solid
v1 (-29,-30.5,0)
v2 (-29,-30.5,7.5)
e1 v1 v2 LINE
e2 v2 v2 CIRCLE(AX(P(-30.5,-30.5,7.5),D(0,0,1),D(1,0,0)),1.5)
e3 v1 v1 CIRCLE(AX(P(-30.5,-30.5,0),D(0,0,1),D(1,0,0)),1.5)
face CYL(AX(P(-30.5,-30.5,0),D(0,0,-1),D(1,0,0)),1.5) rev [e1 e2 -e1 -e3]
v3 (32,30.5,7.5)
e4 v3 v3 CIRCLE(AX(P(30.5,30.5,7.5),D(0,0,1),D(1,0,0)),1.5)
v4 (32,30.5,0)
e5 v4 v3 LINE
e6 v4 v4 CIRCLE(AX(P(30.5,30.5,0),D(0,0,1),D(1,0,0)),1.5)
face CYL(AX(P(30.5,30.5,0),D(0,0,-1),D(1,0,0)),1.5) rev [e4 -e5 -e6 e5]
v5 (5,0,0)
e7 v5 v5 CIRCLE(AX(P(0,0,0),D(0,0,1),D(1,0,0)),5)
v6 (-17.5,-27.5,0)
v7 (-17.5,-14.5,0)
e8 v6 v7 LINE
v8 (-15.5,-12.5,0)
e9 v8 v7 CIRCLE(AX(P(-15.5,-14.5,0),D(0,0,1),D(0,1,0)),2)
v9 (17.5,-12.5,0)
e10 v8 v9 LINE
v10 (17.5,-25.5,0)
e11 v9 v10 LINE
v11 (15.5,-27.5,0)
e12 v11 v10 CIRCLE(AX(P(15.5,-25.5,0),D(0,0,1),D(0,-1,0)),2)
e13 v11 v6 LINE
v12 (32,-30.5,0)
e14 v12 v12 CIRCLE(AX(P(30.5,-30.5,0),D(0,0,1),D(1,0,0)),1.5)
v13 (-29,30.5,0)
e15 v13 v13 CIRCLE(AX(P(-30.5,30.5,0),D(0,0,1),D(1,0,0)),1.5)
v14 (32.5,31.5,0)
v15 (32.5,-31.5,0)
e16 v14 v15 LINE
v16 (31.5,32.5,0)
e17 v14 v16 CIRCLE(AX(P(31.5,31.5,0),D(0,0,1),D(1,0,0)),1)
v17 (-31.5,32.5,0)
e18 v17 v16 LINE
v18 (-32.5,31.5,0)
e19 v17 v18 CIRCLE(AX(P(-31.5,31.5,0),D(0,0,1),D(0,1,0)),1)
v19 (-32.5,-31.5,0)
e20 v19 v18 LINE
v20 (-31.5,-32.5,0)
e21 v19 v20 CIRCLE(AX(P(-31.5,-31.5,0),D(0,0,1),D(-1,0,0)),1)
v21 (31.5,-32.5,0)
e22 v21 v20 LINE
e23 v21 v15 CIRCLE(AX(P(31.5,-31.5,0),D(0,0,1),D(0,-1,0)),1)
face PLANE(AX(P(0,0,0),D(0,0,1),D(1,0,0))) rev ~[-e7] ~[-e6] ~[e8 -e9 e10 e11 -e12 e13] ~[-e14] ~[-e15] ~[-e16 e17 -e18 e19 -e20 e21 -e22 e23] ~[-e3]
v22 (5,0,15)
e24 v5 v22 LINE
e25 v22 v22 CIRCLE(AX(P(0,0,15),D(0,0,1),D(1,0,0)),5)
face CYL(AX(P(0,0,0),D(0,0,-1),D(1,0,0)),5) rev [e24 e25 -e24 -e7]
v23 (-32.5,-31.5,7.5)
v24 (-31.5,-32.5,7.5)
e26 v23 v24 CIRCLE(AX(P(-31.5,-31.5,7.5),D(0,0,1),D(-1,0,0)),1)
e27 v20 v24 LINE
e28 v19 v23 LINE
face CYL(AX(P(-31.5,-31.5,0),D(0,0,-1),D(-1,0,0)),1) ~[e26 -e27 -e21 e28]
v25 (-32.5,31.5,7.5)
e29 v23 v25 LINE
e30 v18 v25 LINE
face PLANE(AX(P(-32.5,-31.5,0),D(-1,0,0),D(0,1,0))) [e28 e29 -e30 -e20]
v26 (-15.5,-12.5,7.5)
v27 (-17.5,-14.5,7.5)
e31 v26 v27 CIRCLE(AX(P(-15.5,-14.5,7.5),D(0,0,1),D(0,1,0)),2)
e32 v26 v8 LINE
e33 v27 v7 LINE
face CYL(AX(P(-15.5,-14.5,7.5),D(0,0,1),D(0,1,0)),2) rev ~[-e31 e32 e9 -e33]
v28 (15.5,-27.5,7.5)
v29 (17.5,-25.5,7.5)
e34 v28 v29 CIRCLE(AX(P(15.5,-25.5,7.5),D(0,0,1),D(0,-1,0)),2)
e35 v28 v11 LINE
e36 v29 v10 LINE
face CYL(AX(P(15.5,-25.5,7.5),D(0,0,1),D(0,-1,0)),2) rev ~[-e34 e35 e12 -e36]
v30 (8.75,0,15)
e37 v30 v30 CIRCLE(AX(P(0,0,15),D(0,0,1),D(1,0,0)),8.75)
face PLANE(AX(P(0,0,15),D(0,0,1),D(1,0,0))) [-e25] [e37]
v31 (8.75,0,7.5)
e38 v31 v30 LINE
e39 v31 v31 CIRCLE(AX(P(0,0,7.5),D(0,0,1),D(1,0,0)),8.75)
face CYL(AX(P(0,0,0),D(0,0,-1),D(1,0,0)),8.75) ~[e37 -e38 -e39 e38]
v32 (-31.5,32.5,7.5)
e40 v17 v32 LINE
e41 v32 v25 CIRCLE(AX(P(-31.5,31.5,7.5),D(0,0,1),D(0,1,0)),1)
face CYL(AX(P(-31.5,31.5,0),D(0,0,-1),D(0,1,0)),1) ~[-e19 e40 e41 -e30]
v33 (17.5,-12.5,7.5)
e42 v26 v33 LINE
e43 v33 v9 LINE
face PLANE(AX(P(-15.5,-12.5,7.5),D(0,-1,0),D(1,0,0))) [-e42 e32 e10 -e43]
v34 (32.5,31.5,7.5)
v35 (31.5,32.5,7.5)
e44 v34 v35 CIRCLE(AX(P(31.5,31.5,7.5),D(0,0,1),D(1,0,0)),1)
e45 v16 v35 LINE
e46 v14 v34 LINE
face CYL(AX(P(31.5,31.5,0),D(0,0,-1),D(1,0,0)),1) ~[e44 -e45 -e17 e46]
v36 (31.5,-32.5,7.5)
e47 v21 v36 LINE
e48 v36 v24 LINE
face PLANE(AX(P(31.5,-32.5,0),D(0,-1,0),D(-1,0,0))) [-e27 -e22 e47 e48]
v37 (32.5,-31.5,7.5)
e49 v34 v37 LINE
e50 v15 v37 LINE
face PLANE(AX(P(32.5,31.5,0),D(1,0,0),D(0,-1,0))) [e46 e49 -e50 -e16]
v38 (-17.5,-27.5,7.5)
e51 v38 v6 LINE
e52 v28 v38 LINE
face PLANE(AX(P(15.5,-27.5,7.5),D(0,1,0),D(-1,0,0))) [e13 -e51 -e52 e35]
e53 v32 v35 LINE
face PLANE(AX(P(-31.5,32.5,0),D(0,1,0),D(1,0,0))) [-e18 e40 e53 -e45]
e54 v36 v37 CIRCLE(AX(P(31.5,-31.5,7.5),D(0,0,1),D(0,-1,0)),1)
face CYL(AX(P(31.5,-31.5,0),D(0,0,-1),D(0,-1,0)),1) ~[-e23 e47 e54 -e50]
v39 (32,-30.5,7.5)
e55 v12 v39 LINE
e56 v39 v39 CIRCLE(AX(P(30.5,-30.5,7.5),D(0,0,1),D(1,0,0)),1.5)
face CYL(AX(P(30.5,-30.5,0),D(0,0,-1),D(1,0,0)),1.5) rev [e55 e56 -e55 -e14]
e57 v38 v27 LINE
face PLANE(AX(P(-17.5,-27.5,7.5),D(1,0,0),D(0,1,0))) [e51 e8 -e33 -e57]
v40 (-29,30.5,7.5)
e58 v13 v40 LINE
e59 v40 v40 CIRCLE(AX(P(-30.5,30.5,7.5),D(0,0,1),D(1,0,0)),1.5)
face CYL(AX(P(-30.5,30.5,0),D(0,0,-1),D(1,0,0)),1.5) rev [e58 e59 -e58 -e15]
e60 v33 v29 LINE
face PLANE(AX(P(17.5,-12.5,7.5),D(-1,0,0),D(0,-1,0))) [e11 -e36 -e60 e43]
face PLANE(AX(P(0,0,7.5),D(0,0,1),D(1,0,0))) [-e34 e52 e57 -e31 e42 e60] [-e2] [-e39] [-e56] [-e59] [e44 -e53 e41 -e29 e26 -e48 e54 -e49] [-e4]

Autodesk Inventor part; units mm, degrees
ref_plane "YZ Plane" through (0, 0, 0) normal (1, 0, 0) x (0, 1, 0)
ref_plane "XZ Plane" through (0, 0, 0) normal (0, 1, 0) x (-1, 0, 0)
ref_plane "XY Plane" through (0, 0, 0) normal (0, 0, 1) x (1, 0, 0)
sketch "Sketch1" plane through (0, 0, 0) normal (0, 0, 1) x (1, 0, 0)
  line L0 (-30.5, -30.5) -> (30.5, -30.5) construction
  line L1 (30.5, -30.5) -> (30.5, 30.5) construction
  line L2 (30.5, 30.5) -> (-30.5, 30.5) construction
  line L3 (-30.5, 30.5) -> (-30.5, -30.5) construction
  line L4 (-30.5, -30.5) -> (30.5, 30.5) construction
  line L5 (30.5, -30.5) -> (-30.5, 30.5) construction
  circle A0 centre (0, 0) radius 5
  circle A1 centre (-30.5, 30.5) radius 1.5
  circle A2 centre (30.5, 30.5) radius 1.5
  circle A3 centre (-30.5, -30.5) radius 1.5
  circle A4 centre (30.5, -30.5) radius 1.5
  line L6 (31.5, -32.5) -> (-31.5, -32.5)
  line L7 (-32.5, -31.5) -> (-32.5, 31.5)
  line L8 (-31.5, 32.5) -> (31.5, 32.5)
  line L9 (32.5, 31.5) -> (32.5, -31.5)
  line L10 (32.5, -32.5) -> (-32.5, 32.5) construction
  line L11 (-32.5, -32.5) -> (32.5, 32.5) construction
  arc A5 (-31.5, 32.5) -> (-32.5, 31.5) centre (-31.5, 31.5) ccw
  arc A6 (32.5, 31.5) -> (31.5, 32.5) centre (31.5, 31.5) ccw
  arc A7 (31.5, -32.5) -> (32.5, -31.5) centre (31.5, -31.5) ccw
  arc A8 (-32.5, -31.5) -> (-31.5, -32.5) centre (-31.5, -31.5) ccw
  circle A9 centre (0, 0) radius 8.75
  dimension "d0" = 61
  dimension "d1" = 61
  dimension "d2" = 10
  dimension "d3" = 3
  dimension "d4" = 3
  dimension "d5" = 3
  dimension "d6" = 3
  dimension "d7" = 0
  dimension "d8" = 61
  dimension "d9" = 65
  dimension "d10" = 65
  dimension "d11" = 1
  dimension "d12" = 17.5
extrude "Extrusion1" add sketch "Sketch1" along normal blind 7.5 contours L6 A8 L7 A5 L8 A6 L9 A7
extrude "Extrusion2" add sketch "Sketch1" along normal blind 15 contours A9
sketch "Sketch2" plane through (0, 0, 7.5) normal (0, 0, 1) x (1, 0, 0)
  line L0 (-15.5, -12.5) -> (17.5, -12.5)
  line L1 (17.5, -12.5) -> (17.5, -25.5)
  line L2 (15.5, -27.5) -> (-17.5, -27.5)
  line L3 (-17.5, -27.5) -> (-17.5, -14.5)
  line L4 (-32.5, 31.5) -> (-32.5, -31.5) projected
  line L5 (32.5, -31.5) -> (32.5, 31.5) projected
  line L6 (-31.5, -32.5) -> (31.5, -32.5) projected
  arc A0 (-15.5, -12.5) -> (-17.5, -14.5) centre (-15.5, -14.5) ccw
  arc A1 (15.5, -27.5) -> (17.5, -25.5) centre (15.5, -25.5) ccw
  point P0 (0, 0)
  dimension "d17" = 15
  dimension "d18" = 15
  dimension "d19" = 5
  dimension "d20" = 15
  dimension "d21" = 2
extrude "Extrusion3" cut sketch "Sketch2" against normal up to surface (7.5 mm away)
properties part number "top"
